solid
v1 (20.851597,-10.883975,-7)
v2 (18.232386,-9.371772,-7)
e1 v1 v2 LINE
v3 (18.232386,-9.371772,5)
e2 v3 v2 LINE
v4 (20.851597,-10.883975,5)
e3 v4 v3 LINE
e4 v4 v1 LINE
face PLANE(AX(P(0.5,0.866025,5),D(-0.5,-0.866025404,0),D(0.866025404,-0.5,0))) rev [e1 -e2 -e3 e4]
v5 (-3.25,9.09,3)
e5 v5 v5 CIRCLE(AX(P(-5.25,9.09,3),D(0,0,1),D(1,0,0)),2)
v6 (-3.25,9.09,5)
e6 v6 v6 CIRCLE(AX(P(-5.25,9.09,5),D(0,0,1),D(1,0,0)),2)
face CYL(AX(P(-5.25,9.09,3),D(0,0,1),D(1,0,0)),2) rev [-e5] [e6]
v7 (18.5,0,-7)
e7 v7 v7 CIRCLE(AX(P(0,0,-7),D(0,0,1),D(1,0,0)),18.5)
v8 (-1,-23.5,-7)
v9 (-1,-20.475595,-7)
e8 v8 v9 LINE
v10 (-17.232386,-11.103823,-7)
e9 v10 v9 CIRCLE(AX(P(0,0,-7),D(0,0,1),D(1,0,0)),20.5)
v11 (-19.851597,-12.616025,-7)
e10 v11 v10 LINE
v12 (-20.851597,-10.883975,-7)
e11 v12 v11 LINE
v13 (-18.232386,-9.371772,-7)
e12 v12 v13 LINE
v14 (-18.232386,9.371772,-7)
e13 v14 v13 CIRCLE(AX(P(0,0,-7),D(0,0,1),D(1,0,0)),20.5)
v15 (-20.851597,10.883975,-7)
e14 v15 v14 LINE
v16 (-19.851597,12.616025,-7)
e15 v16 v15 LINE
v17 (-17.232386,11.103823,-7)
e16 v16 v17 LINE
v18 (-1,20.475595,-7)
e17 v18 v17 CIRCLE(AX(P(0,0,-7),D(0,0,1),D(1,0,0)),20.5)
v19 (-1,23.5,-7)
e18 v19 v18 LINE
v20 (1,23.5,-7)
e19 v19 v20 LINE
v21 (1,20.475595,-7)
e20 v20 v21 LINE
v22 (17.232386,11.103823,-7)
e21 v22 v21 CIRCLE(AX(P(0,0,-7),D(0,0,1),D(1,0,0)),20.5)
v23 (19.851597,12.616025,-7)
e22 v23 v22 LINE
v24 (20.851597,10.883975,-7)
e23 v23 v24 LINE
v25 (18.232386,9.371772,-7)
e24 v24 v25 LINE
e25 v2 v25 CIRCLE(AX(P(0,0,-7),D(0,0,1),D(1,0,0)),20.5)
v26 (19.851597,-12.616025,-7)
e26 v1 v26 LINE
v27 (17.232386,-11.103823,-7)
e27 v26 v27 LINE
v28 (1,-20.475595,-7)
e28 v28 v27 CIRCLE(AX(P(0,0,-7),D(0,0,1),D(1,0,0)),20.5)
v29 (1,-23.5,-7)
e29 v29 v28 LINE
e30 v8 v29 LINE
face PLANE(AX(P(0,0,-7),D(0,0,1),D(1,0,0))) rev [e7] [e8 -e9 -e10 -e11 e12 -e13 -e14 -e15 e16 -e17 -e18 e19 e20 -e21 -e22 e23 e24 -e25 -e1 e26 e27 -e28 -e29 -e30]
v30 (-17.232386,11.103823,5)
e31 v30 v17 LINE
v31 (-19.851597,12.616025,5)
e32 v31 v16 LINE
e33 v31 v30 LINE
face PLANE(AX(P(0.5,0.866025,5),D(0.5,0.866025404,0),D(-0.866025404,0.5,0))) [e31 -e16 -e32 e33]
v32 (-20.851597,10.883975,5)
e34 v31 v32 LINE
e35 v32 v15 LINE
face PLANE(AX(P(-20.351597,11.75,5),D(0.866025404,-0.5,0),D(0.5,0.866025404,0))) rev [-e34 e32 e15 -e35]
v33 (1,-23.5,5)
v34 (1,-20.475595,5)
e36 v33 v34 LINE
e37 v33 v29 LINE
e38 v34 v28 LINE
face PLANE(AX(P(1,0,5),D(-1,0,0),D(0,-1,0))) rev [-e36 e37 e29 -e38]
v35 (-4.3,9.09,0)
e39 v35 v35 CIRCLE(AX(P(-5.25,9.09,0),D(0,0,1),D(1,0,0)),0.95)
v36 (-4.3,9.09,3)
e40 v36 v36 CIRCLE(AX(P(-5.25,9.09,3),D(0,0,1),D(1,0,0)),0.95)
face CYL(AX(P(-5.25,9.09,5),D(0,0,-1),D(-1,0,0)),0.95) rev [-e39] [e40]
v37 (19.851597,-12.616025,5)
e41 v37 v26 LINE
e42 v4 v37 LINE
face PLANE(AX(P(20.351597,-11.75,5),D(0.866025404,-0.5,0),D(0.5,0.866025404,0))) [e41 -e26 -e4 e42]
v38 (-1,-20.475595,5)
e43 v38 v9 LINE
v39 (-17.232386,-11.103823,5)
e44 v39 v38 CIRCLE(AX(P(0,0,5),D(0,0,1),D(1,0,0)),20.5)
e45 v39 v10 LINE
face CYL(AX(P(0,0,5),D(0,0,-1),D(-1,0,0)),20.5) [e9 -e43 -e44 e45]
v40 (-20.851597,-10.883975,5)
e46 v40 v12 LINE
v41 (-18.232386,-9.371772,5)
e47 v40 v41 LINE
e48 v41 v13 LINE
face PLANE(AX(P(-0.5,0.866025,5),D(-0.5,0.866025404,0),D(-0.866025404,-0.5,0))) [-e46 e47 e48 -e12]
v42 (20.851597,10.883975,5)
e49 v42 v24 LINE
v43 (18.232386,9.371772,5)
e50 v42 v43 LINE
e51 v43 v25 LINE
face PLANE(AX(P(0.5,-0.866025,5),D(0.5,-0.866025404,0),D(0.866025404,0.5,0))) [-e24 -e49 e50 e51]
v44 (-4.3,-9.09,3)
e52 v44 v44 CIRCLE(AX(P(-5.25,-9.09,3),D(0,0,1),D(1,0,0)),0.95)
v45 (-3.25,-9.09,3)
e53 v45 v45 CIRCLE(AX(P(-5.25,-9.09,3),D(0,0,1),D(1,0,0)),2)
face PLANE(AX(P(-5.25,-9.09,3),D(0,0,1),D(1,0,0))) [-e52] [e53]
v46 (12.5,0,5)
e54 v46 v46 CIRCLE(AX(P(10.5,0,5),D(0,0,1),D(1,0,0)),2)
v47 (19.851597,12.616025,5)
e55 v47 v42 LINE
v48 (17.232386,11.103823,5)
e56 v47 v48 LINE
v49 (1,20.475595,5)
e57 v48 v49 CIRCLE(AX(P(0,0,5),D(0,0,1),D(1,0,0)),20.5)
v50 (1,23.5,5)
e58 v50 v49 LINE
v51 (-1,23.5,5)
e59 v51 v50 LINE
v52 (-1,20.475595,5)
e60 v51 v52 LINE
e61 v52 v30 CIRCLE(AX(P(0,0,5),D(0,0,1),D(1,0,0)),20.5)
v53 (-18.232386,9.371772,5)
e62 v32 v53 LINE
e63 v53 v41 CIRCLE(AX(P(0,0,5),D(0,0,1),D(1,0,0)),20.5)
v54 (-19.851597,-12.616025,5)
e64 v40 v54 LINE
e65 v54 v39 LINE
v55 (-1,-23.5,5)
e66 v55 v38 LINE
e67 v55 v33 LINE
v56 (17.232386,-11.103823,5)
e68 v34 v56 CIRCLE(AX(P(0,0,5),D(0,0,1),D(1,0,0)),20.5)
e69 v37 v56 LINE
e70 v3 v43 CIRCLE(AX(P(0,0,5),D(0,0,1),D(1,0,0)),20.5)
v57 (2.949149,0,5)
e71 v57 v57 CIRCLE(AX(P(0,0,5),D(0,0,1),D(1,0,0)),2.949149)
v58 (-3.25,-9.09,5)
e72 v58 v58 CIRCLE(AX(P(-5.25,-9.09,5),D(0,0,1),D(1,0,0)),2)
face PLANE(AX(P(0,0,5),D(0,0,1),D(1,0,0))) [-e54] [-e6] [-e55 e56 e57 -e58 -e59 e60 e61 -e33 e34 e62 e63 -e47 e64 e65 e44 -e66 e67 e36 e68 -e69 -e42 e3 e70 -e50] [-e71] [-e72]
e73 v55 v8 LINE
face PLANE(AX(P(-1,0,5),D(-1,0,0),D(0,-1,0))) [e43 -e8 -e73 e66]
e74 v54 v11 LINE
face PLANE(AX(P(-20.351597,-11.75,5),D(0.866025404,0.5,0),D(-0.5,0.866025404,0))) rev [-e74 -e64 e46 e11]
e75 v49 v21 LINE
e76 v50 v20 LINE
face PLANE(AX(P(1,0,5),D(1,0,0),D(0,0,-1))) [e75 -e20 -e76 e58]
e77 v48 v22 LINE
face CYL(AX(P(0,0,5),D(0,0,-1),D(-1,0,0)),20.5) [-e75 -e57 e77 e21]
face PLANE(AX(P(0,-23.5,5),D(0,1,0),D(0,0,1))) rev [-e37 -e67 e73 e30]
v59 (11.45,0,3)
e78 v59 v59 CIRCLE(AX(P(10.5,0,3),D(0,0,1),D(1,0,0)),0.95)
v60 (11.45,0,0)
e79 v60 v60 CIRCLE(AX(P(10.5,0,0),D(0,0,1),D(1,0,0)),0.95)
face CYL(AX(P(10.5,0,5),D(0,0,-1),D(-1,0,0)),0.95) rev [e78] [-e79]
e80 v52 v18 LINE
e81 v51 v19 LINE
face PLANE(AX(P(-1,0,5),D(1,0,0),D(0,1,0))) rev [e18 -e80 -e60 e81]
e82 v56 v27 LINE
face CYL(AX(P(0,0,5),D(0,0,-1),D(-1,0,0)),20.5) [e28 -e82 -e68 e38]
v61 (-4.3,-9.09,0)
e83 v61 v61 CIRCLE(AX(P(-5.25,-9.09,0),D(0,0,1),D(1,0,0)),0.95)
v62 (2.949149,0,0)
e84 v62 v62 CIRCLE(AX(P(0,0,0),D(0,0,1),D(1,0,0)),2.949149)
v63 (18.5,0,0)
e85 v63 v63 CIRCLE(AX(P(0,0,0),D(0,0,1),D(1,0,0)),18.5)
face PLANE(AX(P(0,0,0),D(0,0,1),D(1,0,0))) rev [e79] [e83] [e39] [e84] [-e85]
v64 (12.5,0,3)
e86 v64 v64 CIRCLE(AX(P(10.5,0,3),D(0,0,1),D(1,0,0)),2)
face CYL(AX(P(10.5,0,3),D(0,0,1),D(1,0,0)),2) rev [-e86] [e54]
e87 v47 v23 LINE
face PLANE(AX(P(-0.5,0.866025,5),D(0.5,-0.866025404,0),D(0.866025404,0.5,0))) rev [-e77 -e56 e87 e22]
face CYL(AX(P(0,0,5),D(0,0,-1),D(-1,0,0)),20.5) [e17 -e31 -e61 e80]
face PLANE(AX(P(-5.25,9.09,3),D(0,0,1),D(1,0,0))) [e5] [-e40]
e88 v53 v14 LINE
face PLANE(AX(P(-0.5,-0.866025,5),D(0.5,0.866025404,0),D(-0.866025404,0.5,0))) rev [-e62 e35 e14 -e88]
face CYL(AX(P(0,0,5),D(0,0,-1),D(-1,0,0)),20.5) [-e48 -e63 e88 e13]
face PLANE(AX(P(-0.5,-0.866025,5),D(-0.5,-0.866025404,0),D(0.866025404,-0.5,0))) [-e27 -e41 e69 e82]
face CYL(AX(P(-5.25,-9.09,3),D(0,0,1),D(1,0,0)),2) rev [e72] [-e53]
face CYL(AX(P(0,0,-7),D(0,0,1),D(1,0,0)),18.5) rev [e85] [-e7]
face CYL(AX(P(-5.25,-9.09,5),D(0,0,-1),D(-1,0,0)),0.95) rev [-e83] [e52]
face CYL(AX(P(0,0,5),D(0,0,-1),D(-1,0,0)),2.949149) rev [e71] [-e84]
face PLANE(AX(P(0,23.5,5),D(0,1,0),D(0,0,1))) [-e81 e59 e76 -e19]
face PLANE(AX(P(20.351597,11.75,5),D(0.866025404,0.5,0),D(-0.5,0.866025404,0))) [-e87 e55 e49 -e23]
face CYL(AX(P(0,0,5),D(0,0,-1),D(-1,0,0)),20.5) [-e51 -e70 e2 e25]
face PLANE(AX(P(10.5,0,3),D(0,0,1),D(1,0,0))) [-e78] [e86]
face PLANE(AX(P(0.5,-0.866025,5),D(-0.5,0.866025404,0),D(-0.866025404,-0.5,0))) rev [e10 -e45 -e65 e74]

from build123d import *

# Parameters (mm, degrees)
SKETCH1_R           = 0.95
SKETCH1_R_2         = 2.949148862
BOSS_EXTRUDE1_DEPTH = 5
SKETCH2_R           = 2
CUT_EXTRUDE1_DEPTH  = 2
BOSS_EXTRUDE2_START = -7
SKETCH1_3_R         = 18.5
BOSS_EXTRUDE2_DEPTH = 7


with BuildPart() as part:
    # Sketch1 → Boss-Extrude1 (new body)
    with BuildSketch(Plane.XY):
        with BuildLine():
            Line((20.851596989, 10.883974596), (19.851596989, 12.616025404))
            Line((19.851596989, 12.616025404), (17.232385626, 11.103823019))
            ThreePointArc((17.232385626, 11.103823019), (10.25, 17.753520778), (1, 20.475595229))
            Line((1, 20.475595229), (1, 23.5))
            Line((1, 23.5), (-1, 23.5))
            Line((-1, 23.5), (-1, 20.475595229))
            ThreePointArc((-1, 20.475595229), (-10.25, 17.753520778), (-17.232385626, 11.103823019))
            Line((-17.232385626, 11.103823019), (-19.851596989, 12.616025404))
            Line((-19.851596989, 12.616025404), (-20.851596989, 10.883974596))
            Line((-20.851596989, 10.883974596), (-18.232385626, 9.371772211))
            ThreePointArc((-18.232385626, 9.371772211), (-20.5, 0), (-18.232385626, -9.371772211))
            Line((-18.232385626, -9.371772211), (-20.851596989, -10.883974596))
            Line((-20.851596989, -10.883974596), (-19.851596989, -12.616025404))
            Line((-19.851596989, -12.616025404), (-17.232385626, -11.103823019))
            ThreePointArc((-17.232385626, -11.103823019), (-10.25, -17.753520778), (-1, -20.475595229))
            Line((-1, -20.475595229), (-1, -23.5))
            Line((-1, -23.5), (1, -23.5))
            Line((1, -23.5), (1, -20.475595229))
            ThreePointArc((1, -20.475595229), (10.25, -17.753520778), (17.232385626, -11.103823019))
            Line((17.232385626, -11.103823019), (19.851596989, -12.616025404))
            Line((19.851596989, -12.616025404), (20.851596989, -10.883974596))
            Line((20.851596989, -10.883974596), (18.232385626, -9.371772211))
            ThreePointArc((18.232385626, -9.371772211), (20.5, 0), (18.232385626, 9.371772211))
            Line((18.232385626, 9.371772211), (20.851596989, 10.883974596))
        make_face()
        with Locations((10.5, 0)):
            Circle(SKETCH1_R, mode=Mode.SUBTRACT)
        with Locations((-5.25, -9.09)):
            Circle(SKETCH1_R, mode=Mode.SUBTRACT)
        with Locations((-5.25, 9.09)):
            Circle(SKETCH1_R, mode=Mode.SUBTRACT)
        Circle(SKETCH1_R_2, mode=Mode.SUBTRACT)
    extrude(amount=BOSS_EXTRUDE1_DEPTH)

    # Sketch2 → Cut-Extrude1 (cut)
    with BuildSketch(Plane.XY.offset(5)):
        with Locations((-5.25, 9.09)):
            Circle(SKETCH2_R)
        with Locations((-5.25, -9.09)):
            Circle(SKETCH2_R)
        with Locations((10.5, 0)):
            Circle(SKETCH2_R)
    extrude(amount=-CUT_EXTRUDE1_DEPTH, mode=Mode.SUBTRACT)

    # Sketch1<3> → Boss-Extrude2 (add)
    with BuildSketch(Plane.XY.offset(BOSS_EXTRUDE2_START)):
        with BuildLine():
            Line((20.851596989, 10.883974596), (19.851596989, 12.616025404))
            Line((19.851596989, 12.616025404), (17.232385626, 11.103823019))
            ThreePointArc((17.232385626, 11.103823019), (10.25, 17.753520778), (1, 20.475595229))
            Line((1, 20.475595229), (1, 23.5))
            Line((1, 23.5), (-1, 23.5))
            Line((-1, 23.5), (-1, 20.475595229))
            ThreePointArc((-1, 20.475595229), (-10.25, 17.753520778), (-17.232385626, 11.103823019))
            Line((-17.232385626, 11.103823019), (-19.851596989, 12.616025404))
            Line((-19.851596989, 12.616025404), (-20.851596989, 10.883974596))
            Line((-20.851596989, 10.883974596), (-18.232385626, 9.371772211))
            ThreePointArc((-18.232385626, 9.371772211), (-20.5, 0), (-18.232385626, -9.371772211))
            Line((-18.232385626, -9.371772211), (-20.851596989, -10.883974596))
            Line((-20.851596989, -10.883974596), (-19.851596989, -12.616025404))
            Line((-19.851596989, -12.616025404), (-17.232385626, -11.103823019))
            ThreePointArc((-17.232385626, -11.103823019), (-10.25, -17.753520778), (-1, -20.475595229))
            Line((-1, -20.475595229), (-1, -23.5))
            Line((-1, -23.5), (1, -23.5))
            Line((1, -23.5), (1, -20.475595229))
            ThreePointArc((1, -20.475595229), (10.25, -17.753520778), (17.232385626, -11.103823019))
            Line((17.232385626, -11.103823019), (19.851596989, -12.616025404))
            Line((19.851596989, -12.616025404), (20.851596989, -10.883974596))
            Line((20.851596989, -10.883974596), (18.232385626, -9.371772211))
            ThreePointArc((18.232385626, -9.371772211), (20.5, 0), (18.232385626, 9.371772211))
            Line((18.232385626, 9.371772211), (20.851596989, 10.883974596))
        make_face()
        Circle(SKETCH1_3_R, mode=Mode.SUBTRACT)
    extrude(amount=BOSS_EXTRUDE2_DEPTH)


solid = part.part
